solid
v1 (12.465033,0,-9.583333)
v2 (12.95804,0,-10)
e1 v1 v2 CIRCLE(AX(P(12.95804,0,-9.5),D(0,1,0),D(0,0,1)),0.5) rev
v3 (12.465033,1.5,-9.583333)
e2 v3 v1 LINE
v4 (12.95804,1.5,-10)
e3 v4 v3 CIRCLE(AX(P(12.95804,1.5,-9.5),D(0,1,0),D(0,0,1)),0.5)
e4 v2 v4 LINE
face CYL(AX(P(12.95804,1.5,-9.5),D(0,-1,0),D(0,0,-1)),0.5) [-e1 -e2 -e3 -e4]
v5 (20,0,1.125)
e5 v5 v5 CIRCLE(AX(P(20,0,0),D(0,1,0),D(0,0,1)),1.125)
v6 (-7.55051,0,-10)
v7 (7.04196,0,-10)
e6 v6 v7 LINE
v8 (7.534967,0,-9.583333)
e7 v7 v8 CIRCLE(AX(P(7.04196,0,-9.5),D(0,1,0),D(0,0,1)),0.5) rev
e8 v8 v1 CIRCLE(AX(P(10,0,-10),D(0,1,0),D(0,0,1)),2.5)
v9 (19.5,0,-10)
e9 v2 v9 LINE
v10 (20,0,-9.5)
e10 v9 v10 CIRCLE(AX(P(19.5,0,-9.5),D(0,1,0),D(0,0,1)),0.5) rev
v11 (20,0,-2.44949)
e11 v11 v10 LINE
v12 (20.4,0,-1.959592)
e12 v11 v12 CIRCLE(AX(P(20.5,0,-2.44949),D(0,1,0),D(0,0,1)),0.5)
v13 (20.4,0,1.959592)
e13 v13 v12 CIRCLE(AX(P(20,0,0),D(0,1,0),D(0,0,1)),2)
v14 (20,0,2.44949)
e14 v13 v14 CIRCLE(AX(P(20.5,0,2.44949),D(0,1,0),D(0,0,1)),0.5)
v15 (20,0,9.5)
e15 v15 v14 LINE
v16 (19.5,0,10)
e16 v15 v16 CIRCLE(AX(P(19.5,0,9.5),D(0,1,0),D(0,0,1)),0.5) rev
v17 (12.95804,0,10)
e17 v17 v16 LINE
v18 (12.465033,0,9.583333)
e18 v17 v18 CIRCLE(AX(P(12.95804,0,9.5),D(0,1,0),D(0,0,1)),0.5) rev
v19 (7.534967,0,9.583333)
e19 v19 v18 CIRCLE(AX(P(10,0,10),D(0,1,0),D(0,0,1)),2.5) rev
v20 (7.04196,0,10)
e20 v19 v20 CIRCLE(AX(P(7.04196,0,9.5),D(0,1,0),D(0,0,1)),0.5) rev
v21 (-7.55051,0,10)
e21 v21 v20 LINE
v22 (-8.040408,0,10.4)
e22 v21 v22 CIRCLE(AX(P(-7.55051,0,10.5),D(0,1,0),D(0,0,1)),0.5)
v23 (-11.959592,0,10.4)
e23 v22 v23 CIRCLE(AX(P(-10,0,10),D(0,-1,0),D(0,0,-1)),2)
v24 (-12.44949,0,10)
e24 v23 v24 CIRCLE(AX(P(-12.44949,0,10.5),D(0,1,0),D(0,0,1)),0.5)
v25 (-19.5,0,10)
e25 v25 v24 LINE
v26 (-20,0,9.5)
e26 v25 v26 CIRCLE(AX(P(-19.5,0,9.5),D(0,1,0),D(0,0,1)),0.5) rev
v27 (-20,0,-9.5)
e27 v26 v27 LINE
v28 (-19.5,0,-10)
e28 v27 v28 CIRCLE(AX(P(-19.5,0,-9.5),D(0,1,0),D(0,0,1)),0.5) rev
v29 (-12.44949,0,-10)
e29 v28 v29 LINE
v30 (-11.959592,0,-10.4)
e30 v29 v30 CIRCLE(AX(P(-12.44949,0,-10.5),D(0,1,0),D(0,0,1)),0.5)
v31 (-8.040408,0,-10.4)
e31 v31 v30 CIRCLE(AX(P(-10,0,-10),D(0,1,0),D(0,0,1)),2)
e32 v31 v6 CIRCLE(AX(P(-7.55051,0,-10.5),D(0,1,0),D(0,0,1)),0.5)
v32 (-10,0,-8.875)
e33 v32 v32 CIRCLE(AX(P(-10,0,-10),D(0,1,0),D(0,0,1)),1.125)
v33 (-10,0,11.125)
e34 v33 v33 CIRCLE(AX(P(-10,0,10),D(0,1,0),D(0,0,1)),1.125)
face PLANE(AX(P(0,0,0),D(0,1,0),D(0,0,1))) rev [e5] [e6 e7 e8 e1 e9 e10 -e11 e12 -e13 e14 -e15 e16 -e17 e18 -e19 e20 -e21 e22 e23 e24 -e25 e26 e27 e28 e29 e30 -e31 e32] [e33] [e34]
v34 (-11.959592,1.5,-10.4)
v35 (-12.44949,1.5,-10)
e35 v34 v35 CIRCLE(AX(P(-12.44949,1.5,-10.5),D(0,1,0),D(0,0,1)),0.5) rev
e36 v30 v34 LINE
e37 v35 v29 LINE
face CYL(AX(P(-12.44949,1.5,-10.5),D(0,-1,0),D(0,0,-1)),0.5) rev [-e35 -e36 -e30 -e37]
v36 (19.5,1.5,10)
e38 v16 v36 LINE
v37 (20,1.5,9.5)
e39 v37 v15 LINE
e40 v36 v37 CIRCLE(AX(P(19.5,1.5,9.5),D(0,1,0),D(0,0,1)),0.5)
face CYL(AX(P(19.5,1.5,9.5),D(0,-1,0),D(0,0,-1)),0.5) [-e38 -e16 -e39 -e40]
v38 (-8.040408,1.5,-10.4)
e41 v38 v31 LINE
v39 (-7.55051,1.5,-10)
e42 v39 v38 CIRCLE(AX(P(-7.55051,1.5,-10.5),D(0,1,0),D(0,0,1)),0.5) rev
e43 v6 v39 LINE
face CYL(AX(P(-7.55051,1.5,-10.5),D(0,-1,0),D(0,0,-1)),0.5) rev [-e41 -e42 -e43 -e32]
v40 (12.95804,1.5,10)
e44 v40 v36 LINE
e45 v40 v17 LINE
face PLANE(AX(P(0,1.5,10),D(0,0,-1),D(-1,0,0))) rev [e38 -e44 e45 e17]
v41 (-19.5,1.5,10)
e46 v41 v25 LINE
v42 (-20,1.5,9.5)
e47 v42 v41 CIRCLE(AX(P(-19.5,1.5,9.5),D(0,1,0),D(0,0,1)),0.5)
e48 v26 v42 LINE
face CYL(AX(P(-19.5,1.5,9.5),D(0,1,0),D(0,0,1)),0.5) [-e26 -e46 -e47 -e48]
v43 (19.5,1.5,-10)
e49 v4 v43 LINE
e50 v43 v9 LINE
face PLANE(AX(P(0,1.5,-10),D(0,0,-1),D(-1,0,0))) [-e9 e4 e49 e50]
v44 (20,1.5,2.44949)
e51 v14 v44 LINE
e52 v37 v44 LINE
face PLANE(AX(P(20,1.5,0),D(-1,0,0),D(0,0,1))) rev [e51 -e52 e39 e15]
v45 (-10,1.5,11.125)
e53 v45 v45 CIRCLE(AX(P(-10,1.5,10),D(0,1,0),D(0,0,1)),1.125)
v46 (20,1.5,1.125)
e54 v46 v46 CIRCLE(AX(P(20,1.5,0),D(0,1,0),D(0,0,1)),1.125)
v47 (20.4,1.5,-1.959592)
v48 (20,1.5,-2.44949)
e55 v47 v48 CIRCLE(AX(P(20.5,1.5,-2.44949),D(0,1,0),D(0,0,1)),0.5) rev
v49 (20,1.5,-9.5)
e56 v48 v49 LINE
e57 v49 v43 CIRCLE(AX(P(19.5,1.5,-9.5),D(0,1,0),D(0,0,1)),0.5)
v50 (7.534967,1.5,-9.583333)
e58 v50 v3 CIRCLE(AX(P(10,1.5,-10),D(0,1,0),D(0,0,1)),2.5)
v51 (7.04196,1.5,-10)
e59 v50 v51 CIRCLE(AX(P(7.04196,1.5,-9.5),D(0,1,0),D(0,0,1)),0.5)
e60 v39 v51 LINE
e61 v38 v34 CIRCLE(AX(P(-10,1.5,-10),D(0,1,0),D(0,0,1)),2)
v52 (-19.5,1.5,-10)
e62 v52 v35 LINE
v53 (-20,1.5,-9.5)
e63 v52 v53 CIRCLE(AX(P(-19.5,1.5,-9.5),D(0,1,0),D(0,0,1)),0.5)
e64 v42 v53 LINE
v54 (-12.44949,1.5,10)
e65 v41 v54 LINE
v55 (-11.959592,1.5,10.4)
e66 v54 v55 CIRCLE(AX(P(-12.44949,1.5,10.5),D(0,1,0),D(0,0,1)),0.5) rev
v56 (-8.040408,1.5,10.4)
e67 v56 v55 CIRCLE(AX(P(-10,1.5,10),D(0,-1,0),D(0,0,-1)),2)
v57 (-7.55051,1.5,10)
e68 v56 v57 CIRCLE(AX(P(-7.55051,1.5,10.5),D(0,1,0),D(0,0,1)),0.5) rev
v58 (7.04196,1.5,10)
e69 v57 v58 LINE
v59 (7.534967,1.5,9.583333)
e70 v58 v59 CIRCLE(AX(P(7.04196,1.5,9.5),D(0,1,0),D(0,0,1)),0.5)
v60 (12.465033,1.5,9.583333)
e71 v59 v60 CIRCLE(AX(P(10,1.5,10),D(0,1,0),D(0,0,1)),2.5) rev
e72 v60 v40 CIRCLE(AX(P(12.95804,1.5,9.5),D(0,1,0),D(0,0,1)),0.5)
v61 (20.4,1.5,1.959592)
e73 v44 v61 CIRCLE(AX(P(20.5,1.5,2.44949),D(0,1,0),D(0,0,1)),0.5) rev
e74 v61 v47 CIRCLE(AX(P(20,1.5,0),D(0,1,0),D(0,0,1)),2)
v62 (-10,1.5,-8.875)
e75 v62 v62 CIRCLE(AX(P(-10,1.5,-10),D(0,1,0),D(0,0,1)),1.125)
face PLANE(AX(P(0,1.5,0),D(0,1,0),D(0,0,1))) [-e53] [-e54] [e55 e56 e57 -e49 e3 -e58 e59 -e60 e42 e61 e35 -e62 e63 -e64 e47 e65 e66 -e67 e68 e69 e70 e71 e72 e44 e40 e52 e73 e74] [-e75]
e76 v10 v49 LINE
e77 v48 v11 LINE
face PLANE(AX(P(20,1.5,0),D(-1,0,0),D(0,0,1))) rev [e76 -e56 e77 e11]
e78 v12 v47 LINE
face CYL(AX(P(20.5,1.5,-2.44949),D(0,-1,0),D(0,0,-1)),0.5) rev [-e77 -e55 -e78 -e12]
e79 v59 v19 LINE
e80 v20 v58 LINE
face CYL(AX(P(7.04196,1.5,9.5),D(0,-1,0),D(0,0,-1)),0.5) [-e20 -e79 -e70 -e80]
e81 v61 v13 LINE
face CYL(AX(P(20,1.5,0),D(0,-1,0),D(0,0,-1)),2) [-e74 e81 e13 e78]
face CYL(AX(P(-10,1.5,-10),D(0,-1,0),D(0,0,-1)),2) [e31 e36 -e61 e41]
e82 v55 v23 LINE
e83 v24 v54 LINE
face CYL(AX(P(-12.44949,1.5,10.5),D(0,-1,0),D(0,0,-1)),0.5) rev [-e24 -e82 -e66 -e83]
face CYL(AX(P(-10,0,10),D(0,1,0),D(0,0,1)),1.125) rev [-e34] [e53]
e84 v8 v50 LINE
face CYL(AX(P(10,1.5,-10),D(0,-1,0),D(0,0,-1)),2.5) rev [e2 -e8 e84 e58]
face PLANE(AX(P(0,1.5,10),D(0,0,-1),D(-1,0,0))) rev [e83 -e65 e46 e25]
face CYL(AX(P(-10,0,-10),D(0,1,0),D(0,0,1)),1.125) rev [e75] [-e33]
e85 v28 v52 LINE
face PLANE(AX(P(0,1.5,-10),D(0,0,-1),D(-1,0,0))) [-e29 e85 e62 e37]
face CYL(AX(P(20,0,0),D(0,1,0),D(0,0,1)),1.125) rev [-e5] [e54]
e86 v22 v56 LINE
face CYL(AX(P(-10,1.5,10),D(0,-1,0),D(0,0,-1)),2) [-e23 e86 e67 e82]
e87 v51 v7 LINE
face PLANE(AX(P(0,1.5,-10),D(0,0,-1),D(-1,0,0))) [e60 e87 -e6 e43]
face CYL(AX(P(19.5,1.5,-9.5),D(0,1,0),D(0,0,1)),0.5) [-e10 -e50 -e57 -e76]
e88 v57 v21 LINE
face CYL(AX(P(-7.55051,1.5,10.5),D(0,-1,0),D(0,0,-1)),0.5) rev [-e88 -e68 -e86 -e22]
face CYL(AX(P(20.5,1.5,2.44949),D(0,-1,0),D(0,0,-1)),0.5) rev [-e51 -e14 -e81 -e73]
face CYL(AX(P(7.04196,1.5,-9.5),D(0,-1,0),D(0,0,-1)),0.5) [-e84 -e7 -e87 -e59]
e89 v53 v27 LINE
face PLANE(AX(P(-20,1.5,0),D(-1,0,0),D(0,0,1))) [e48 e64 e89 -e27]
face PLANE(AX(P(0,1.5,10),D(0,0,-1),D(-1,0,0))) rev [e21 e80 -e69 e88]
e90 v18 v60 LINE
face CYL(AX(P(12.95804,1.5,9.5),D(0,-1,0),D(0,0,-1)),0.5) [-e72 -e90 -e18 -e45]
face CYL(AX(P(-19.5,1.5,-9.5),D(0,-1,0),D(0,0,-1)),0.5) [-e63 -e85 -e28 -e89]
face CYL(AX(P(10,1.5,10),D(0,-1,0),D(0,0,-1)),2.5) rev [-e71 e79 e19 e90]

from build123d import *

# Parameters (mm, degrees)
BOSS_EXTRUDE1_DEPTH = 1.5
FILLET1_R           = 0.5
SKETCH2_R           = 1.125
CUT_EXTRUDE1_DEPTH  = 26.104780421


with BuildPart() as part:
    # Sketch1 → Boss-Extrude1 (new body)
    with BuildSketch(Plane(origin=(0, 0, 0), x_dir=(1, 0, 0), z_dir=(0, 1, 0))):
        with BuildLine():
            ThreePointArc((7.5, -10), (10, -7.5), (12.5, -10))
            Line((12.5, -10), (20, -10))
            Line((20, -10), (20, -2))
            ThreePointArc((20, -2), (22, 0), (20, 2))
            Line((20, 2), (20, 10))
            Line((20, 10), (12.5, 10))
            ThreePointArc((12.5, 10), (10, 7.5), (7.5, 10))
            Line((7.5, 10), (-8, 10))
            ThreePointArc((-8, 10), (-10, 12), (-12, 10))
            Line((-12, 10), (-20, 10))
            Line((-20, 10), (-20, -10))
            Line((-20, -10), (-12, -10))
            ThreePointArc((-12, -10), (-10, -12), (-8, -10))
            Line((-8, -10), (7.5, -10))
        make_face()
    extrude(amount=BOSS_EXTRUDE1_DEPTH)

    # Fillet1
    fillet1_edges = [part.edges().sort_by_distance(p)[0] for p in [
        (-8, 0.75, 10),
        (-12, 0.75, 10),
        (-20, 0.75, 10),
        (-20, 0.75, -10),
        (-12, 0.75, -10),
        (-8, 0.75, -10),
        (7.5, 0.75, -10),
        (12.5, 0.75, -10),
        (20, 0.75, -10),
        (20, 0.75, -2),
        (20, 0.75, 2),
        (20, 0.75, 10),
        (12.5, 0.75, 10),
        (7.5, 0.75, 10),
    ]]
    fillet(fillet1_edges, radius=FILLET1_R)

    # Sketch2 → Cut-Extrude1 (cut, through all)
    with BuildSketch(Plane(origin=(0, 1.5, 0), x_dir=(1, 0, 0), z_dir=(0, 1, 0))):
        with Locations(Location((20, 0, 0), (0, 0, 270))):
            Circle(SKETCH2_R)
        with Locations(Location((-10, -10, 0), (0, 0, 270))):
            Circle(SKETCH2_R)
        with Locations(Location((-10, 10, 0), (0, 0, 270))):
            Circle(SKETCH2_R)
    extrude(amount=-CUT_EXTRUDE1_DEPTH, mode=Mode.SUBTRACT)


solid = part.part
